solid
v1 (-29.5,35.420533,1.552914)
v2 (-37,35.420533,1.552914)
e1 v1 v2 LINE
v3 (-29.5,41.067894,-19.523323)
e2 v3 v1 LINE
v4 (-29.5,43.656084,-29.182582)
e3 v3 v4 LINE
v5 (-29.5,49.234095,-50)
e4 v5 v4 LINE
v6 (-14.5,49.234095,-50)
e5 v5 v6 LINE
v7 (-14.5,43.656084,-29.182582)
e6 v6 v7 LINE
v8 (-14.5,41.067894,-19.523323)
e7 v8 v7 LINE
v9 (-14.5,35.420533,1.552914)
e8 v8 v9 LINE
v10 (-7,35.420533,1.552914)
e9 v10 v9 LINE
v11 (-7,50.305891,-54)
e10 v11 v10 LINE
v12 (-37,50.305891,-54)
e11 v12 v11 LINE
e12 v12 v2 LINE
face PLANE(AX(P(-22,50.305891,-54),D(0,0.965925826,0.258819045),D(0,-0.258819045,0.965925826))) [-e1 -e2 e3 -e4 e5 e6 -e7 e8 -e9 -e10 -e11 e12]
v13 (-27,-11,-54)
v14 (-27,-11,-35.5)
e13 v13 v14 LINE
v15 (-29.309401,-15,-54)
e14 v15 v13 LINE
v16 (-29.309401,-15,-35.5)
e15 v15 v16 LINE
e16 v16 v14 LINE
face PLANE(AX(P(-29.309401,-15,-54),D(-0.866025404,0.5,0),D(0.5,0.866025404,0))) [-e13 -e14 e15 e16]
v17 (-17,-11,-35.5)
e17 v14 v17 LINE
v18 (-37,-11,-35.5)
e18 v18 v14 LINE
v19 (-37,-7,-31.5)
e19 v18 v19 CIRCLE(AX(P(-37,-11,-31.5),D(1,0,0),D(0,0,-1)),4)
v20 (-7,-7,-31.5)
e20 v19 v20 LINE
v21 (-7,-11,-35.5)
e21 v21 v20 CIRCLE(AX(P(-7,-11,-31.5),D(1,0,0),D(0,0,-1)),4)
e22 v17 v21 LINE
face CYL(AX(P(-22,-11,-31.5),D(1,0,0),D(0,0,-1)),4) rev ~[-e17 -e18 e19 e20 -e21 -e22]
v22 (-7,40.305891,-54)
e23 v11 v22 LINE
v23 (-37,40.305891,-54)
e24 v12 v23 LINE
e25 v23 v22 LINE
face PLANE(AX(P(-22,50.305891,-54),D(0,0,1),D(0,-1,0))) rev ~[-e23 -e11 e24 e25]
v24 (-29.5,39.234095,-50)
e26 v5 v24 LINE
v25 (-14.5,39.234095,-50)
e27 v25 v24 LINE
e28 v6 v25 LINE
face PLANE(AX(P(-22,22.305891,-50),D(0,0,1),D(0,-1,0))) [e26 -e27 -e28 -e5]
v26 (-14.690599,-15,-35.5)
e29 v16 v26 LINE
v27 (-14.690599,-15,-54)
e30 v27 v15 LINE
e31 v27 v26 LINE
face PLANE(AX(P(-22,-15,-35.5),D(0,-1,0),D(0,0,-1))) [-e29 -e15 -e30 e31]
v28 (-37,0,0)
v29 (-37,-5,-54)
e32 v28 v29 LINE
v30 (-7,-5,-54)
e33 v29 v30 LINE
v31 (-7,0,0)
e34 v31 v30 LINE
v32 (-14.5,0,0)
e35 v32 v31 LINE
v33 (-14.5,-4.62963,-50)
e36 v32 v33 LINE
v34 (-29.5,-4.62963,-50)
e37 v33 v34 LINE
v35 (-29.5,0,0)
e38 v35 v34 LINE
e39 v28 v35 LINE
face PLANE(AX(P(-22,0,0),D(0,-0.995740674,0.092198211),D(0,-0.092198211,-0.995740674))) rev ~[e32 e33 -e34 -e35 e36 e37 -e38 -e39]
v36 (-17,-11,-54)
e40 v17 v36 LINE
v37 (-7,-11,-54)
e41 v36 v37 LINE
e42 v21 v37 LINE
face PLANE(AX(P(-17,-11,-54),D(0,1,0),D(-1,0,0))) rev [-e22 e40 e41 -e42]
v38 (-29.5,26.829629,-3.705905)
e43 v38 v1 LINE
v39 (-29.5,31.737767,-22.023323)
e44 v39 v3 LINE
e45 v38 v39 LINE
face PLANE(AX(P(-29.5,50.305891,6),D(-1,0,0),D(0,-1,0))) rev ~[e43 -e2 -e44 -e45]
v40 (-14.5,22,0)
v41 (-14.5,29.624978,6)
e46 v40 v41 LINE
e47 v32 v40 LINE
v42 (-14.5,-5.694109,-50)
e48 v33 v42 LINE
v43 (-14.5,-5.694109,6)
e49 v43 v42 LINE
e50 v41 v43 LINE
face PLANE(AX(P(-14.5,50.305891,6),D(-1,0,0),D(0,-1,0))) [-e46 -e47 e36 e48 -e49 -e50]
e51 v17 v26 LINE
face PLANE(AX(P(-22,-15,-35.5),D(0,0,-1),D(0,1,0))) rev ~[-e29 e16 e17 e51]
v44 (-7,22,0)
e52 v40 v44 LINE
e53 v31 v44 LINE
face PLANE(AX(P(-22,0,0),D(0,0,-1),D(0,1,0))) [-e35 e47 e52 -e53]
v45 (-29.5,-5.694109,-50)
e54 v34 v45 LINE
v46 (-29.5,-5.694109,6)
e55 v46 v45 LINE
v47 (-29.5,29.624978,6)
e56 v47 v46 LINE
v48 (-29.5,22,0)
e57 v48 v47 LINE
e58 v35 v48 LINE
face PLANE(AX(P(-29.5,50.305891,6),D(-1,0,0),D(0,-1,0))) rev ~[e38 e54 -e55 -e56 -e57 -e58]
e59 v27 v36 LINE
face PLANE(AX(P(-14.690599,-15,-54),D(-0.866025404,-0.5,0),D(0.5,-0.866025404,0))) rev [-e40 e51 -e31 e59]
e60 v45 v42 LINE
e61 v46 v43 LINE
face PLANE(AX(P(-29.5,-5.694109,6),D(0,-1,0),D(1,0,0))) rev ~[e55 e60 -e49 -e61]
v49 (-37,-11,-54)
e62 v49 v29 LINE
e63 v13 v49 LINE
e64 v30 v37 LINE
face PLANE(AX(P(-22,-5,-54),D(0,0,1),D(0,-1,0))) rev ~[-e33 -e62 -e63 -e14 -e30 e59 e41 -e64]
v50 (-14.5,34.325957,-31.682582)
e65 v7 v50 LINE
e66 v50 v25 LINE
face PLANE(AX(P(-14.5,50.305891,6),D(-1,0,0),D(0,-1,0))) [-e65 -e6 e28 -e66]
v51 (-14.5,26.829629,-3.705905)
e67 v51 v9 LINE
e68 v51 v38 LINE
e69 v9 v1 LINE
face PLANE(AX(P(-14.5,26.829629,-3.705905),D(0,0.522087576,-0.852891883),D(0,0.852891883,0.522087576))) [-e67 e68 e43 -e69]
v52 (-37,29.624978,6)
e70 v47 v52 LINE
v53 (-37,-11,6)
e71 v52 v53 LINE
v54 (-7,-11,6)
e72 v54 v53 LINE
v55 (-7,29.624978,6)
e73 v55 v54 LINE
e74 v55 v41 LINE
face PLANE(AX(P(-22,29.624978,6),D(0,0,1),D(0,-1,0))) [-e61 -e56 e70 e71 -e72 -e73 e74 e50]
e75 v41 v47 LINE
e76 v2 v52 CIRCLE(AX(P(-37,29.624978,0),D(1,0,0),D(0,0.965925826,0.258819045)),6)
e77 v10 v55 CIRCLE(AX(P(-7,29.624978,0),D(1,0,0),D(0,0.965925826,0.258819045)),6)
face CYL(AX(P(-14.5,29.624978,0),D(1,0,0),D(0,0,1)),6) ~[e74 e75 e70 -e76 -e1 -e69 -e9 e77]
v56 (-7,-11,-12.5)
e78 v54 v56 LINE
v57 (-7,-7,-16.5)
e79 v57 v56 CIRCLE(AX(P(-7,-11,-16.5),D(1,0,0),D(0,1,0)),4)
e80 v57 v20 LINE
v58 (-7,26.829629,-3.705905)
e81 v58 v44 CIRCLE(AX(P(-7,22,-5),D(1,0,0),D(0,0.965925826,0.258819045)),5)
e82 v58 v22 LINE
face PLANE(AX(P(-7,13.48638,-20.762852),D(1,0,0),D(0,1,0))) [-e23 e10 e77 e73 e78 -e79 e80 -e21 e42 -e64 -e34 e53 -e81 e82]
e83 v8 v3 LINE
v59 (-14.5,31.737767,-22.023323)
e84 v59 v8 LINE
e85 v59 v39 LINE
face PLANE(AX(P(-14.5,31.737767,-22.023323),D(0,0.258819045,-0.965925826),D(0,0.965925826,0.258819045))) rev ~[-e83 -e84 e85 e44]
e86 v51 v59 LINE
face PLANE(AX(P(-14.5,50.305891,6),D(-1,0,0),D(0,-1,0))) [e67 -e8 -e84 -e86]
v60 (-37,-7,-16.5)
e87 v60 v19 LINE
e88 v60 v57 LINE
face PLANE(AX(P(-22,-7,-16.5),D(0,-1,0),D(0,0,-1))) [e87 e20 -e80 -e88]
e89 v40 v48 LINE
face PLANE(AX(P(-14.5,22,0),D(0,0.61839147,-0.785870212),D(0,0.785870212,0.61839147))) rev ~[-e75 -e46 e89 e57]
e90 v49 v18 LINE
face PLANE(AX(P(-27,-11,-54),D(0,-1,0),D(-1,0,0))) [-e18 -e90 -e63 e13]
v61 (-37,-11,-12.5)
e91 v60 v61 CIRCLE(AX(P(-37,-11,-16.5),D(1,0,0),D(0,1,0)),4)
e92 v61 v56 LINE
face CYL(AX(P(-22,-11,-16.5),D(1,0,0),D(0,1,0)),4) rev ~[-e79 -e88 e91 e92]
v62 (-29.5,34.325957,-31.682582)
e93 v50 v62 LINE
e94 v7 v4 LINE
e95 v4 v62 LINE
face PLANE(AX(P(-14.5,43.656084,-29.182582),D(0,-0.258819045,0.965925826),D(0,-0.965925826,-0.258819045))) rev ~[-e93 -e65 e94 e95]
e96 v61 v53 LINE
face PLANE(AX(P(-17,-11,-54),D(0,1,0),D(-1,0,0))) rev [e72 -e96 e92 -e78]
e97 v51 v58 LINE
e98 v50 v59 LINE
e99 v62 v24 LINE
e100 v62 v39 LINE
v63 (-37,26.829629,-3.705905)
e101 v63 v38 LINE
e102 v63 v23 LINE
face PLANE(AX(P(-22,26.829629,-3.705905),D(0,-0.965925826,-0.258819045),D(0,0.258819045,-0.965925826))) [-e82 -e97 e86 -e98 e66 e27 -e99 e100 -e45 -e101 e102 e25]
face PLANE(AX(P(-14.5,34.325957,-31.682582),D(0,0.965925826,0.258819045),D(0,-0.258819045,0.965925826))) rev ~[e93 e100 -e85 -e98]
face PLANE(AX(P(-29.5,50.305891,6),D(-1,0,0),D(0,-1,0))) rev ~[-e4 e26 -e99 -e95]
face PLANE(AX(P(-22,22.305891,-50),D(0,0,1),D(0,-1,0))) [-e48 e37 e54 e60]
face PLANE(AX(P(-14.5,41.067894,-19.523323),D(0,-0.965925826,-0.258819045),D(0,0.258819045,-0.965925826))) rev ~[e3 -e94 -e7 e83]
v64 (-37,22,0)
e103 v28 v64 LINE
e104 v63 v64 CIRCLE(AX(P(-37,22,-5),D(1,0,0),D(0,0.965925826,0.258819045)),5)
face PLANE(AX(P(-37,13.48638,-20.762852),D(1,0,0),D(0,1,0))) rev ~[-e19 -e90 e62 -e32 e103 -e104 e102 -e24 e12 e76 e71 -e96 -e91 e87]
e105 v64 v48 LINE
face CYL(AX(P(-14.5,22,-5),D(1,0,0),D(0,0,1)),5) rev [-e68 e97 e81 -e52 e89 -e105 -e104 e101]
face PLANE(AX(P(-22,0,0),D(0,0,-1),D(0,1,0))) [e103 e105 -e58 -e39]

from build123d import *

# Parameters (mm, degrees)
PAD015_DEPTH         = 15
POCKET012_DEPTH      = 187.2426560764
POCKET012_DEPTH_BACK = 247.2426560764
SKETCH035_W          = 4
SKETCH035_H          = 14.6188021535
POCKET014_DEPTH      = 25
SKETCH040_W          = 56
SKETCH040_H          = 15
POCKET020_DEPTH      = 56
PAD021_DEPTH         = 15


with BuildPart() as part:
    # Sketch027 → Pad015 (new body, symmetric)
    with BuildSketch(Plane.YZ):
        with BuildLine():
            Line((-15, 6), (-15, -12.5))
            Line((-15, -12.5), (-11, -12.5))
            ThreePointArc((-7, -16.5), (-8.1715728753, -13.6715728753), (-11, -12.5))
            Line((-7, -16.5), (-7, -31.5))
            ThreePointArc((-11, -35.5), (-8.1715728753, -34.3284271247), (-7, -31.5))
            Line((-15, -35.5), (-11, -35.5))
            Line((-15, -35.5), (-15, -54))
            Line((-5, -54), (-15, -54))
            Line((0, 0), (-5, -54))
            Line((0, 0), (22, 0))
            ThreePointArc((26.8296291314, -3.7059047745), (25.043807145, -1.0332332985), (22, 0))
            Line((26.8296291314, -3.7059047745), (40.3058913312, -54))
            Line((50.3058913312, -54), (40.3058913312, -54))
            Line((50.3058913312, -54), (35.4205328152, 1.5529142706))
            ThreePointArc((35.4205328152, 1.5529142706), (33.2775464315, 4.7601200417), (29.6249778574, 6))
            Line((29.6249778574, 6), (-15, 6))
        make_face()
    extrude(amount=PAD015_DEPTH, both=True)

    # Sketch033 → Pocket012 (cut, two sides)
    with BuildSketch(Plane.XY.offset(-54)) as pocket012_sk:
        Polygon((-15, -11), (-15, -15), (-7.3094010768, -15), (-5, -11), align=None)
    pocket012 = extrude(amount=-POCKET012_DEPTH, mode=Mode.SUBTRACT) + extrude(pocket012_sk.sketch, amount=POCKET012_DEPTH_BACK, mode=Mode.SUBTRACT)

    # Mirrored004: Pocket012 across YZ
    add(pocket012.mirror(Plane.YZ), mode=Mode.SUBTRACT)

    # Sketch035 (on Face11 of Mirrored004) → Pocket014 (cut)
    with BuildSketch(Plane.YX.offset(-6)):
        with Locations((-13, 0)):
            Rectangle(SKETCH035_W, SKETCH035_H)
    extrude(amount=POCKET014_DEPTH, mode=Mode.SUBTRACT)

    # Sketch040 (on Face7 of Pocket014) → Pocket020 (cut)
    with BuildSketch(Plane(origin=(0, 0, 6), x_dir=(0, -1, 0), z_dir=(0, 0, 1))):
        with Locations((-22.3058913312, 0)):
            Rectangle(SKETCH040_W, SKETCH040_H)
    extrude(amount=-POCKET020_DEPTH, mode=Mode.SUBTRACT)

    # Sketch042 (on Face6 of Pocket020) → Pad021 (join)
    with BuildSketch(Plane(origin=(7.5, 0, 0), x_dir=(0, 1, 0), z_dir=(-1, 0, 0))):
        with BuildLine():
            Line((26.8296291314, 3.7059047745), (35.4205328152, -1.5529142706))
            ThreePointArc((29.6249778574, -6), (33.2775464315, -4.7601200417), (35.4205328152, -1.5529142706))
            Line((22, 0), (29.6249778574, -6))
            ThreePointArc((22, 0), (25.043807145, 1.0332332985), (26.8296291314, 3.7059047745))
        make_face()
        Polygon((34.325957072, 31.6825815187), (31.7377666209, 22.0233232558), (41.0678936399, 19.5233232558), (43.6560840909, 29.1825815187), align=None)
    extrude(amount=PAD021_DEPTH)


with BuildPart() as part_1:
    # Body014 placement: moved
    add(part.part.moved(Location((-22, 0, 0))))


solid = part_1.part
